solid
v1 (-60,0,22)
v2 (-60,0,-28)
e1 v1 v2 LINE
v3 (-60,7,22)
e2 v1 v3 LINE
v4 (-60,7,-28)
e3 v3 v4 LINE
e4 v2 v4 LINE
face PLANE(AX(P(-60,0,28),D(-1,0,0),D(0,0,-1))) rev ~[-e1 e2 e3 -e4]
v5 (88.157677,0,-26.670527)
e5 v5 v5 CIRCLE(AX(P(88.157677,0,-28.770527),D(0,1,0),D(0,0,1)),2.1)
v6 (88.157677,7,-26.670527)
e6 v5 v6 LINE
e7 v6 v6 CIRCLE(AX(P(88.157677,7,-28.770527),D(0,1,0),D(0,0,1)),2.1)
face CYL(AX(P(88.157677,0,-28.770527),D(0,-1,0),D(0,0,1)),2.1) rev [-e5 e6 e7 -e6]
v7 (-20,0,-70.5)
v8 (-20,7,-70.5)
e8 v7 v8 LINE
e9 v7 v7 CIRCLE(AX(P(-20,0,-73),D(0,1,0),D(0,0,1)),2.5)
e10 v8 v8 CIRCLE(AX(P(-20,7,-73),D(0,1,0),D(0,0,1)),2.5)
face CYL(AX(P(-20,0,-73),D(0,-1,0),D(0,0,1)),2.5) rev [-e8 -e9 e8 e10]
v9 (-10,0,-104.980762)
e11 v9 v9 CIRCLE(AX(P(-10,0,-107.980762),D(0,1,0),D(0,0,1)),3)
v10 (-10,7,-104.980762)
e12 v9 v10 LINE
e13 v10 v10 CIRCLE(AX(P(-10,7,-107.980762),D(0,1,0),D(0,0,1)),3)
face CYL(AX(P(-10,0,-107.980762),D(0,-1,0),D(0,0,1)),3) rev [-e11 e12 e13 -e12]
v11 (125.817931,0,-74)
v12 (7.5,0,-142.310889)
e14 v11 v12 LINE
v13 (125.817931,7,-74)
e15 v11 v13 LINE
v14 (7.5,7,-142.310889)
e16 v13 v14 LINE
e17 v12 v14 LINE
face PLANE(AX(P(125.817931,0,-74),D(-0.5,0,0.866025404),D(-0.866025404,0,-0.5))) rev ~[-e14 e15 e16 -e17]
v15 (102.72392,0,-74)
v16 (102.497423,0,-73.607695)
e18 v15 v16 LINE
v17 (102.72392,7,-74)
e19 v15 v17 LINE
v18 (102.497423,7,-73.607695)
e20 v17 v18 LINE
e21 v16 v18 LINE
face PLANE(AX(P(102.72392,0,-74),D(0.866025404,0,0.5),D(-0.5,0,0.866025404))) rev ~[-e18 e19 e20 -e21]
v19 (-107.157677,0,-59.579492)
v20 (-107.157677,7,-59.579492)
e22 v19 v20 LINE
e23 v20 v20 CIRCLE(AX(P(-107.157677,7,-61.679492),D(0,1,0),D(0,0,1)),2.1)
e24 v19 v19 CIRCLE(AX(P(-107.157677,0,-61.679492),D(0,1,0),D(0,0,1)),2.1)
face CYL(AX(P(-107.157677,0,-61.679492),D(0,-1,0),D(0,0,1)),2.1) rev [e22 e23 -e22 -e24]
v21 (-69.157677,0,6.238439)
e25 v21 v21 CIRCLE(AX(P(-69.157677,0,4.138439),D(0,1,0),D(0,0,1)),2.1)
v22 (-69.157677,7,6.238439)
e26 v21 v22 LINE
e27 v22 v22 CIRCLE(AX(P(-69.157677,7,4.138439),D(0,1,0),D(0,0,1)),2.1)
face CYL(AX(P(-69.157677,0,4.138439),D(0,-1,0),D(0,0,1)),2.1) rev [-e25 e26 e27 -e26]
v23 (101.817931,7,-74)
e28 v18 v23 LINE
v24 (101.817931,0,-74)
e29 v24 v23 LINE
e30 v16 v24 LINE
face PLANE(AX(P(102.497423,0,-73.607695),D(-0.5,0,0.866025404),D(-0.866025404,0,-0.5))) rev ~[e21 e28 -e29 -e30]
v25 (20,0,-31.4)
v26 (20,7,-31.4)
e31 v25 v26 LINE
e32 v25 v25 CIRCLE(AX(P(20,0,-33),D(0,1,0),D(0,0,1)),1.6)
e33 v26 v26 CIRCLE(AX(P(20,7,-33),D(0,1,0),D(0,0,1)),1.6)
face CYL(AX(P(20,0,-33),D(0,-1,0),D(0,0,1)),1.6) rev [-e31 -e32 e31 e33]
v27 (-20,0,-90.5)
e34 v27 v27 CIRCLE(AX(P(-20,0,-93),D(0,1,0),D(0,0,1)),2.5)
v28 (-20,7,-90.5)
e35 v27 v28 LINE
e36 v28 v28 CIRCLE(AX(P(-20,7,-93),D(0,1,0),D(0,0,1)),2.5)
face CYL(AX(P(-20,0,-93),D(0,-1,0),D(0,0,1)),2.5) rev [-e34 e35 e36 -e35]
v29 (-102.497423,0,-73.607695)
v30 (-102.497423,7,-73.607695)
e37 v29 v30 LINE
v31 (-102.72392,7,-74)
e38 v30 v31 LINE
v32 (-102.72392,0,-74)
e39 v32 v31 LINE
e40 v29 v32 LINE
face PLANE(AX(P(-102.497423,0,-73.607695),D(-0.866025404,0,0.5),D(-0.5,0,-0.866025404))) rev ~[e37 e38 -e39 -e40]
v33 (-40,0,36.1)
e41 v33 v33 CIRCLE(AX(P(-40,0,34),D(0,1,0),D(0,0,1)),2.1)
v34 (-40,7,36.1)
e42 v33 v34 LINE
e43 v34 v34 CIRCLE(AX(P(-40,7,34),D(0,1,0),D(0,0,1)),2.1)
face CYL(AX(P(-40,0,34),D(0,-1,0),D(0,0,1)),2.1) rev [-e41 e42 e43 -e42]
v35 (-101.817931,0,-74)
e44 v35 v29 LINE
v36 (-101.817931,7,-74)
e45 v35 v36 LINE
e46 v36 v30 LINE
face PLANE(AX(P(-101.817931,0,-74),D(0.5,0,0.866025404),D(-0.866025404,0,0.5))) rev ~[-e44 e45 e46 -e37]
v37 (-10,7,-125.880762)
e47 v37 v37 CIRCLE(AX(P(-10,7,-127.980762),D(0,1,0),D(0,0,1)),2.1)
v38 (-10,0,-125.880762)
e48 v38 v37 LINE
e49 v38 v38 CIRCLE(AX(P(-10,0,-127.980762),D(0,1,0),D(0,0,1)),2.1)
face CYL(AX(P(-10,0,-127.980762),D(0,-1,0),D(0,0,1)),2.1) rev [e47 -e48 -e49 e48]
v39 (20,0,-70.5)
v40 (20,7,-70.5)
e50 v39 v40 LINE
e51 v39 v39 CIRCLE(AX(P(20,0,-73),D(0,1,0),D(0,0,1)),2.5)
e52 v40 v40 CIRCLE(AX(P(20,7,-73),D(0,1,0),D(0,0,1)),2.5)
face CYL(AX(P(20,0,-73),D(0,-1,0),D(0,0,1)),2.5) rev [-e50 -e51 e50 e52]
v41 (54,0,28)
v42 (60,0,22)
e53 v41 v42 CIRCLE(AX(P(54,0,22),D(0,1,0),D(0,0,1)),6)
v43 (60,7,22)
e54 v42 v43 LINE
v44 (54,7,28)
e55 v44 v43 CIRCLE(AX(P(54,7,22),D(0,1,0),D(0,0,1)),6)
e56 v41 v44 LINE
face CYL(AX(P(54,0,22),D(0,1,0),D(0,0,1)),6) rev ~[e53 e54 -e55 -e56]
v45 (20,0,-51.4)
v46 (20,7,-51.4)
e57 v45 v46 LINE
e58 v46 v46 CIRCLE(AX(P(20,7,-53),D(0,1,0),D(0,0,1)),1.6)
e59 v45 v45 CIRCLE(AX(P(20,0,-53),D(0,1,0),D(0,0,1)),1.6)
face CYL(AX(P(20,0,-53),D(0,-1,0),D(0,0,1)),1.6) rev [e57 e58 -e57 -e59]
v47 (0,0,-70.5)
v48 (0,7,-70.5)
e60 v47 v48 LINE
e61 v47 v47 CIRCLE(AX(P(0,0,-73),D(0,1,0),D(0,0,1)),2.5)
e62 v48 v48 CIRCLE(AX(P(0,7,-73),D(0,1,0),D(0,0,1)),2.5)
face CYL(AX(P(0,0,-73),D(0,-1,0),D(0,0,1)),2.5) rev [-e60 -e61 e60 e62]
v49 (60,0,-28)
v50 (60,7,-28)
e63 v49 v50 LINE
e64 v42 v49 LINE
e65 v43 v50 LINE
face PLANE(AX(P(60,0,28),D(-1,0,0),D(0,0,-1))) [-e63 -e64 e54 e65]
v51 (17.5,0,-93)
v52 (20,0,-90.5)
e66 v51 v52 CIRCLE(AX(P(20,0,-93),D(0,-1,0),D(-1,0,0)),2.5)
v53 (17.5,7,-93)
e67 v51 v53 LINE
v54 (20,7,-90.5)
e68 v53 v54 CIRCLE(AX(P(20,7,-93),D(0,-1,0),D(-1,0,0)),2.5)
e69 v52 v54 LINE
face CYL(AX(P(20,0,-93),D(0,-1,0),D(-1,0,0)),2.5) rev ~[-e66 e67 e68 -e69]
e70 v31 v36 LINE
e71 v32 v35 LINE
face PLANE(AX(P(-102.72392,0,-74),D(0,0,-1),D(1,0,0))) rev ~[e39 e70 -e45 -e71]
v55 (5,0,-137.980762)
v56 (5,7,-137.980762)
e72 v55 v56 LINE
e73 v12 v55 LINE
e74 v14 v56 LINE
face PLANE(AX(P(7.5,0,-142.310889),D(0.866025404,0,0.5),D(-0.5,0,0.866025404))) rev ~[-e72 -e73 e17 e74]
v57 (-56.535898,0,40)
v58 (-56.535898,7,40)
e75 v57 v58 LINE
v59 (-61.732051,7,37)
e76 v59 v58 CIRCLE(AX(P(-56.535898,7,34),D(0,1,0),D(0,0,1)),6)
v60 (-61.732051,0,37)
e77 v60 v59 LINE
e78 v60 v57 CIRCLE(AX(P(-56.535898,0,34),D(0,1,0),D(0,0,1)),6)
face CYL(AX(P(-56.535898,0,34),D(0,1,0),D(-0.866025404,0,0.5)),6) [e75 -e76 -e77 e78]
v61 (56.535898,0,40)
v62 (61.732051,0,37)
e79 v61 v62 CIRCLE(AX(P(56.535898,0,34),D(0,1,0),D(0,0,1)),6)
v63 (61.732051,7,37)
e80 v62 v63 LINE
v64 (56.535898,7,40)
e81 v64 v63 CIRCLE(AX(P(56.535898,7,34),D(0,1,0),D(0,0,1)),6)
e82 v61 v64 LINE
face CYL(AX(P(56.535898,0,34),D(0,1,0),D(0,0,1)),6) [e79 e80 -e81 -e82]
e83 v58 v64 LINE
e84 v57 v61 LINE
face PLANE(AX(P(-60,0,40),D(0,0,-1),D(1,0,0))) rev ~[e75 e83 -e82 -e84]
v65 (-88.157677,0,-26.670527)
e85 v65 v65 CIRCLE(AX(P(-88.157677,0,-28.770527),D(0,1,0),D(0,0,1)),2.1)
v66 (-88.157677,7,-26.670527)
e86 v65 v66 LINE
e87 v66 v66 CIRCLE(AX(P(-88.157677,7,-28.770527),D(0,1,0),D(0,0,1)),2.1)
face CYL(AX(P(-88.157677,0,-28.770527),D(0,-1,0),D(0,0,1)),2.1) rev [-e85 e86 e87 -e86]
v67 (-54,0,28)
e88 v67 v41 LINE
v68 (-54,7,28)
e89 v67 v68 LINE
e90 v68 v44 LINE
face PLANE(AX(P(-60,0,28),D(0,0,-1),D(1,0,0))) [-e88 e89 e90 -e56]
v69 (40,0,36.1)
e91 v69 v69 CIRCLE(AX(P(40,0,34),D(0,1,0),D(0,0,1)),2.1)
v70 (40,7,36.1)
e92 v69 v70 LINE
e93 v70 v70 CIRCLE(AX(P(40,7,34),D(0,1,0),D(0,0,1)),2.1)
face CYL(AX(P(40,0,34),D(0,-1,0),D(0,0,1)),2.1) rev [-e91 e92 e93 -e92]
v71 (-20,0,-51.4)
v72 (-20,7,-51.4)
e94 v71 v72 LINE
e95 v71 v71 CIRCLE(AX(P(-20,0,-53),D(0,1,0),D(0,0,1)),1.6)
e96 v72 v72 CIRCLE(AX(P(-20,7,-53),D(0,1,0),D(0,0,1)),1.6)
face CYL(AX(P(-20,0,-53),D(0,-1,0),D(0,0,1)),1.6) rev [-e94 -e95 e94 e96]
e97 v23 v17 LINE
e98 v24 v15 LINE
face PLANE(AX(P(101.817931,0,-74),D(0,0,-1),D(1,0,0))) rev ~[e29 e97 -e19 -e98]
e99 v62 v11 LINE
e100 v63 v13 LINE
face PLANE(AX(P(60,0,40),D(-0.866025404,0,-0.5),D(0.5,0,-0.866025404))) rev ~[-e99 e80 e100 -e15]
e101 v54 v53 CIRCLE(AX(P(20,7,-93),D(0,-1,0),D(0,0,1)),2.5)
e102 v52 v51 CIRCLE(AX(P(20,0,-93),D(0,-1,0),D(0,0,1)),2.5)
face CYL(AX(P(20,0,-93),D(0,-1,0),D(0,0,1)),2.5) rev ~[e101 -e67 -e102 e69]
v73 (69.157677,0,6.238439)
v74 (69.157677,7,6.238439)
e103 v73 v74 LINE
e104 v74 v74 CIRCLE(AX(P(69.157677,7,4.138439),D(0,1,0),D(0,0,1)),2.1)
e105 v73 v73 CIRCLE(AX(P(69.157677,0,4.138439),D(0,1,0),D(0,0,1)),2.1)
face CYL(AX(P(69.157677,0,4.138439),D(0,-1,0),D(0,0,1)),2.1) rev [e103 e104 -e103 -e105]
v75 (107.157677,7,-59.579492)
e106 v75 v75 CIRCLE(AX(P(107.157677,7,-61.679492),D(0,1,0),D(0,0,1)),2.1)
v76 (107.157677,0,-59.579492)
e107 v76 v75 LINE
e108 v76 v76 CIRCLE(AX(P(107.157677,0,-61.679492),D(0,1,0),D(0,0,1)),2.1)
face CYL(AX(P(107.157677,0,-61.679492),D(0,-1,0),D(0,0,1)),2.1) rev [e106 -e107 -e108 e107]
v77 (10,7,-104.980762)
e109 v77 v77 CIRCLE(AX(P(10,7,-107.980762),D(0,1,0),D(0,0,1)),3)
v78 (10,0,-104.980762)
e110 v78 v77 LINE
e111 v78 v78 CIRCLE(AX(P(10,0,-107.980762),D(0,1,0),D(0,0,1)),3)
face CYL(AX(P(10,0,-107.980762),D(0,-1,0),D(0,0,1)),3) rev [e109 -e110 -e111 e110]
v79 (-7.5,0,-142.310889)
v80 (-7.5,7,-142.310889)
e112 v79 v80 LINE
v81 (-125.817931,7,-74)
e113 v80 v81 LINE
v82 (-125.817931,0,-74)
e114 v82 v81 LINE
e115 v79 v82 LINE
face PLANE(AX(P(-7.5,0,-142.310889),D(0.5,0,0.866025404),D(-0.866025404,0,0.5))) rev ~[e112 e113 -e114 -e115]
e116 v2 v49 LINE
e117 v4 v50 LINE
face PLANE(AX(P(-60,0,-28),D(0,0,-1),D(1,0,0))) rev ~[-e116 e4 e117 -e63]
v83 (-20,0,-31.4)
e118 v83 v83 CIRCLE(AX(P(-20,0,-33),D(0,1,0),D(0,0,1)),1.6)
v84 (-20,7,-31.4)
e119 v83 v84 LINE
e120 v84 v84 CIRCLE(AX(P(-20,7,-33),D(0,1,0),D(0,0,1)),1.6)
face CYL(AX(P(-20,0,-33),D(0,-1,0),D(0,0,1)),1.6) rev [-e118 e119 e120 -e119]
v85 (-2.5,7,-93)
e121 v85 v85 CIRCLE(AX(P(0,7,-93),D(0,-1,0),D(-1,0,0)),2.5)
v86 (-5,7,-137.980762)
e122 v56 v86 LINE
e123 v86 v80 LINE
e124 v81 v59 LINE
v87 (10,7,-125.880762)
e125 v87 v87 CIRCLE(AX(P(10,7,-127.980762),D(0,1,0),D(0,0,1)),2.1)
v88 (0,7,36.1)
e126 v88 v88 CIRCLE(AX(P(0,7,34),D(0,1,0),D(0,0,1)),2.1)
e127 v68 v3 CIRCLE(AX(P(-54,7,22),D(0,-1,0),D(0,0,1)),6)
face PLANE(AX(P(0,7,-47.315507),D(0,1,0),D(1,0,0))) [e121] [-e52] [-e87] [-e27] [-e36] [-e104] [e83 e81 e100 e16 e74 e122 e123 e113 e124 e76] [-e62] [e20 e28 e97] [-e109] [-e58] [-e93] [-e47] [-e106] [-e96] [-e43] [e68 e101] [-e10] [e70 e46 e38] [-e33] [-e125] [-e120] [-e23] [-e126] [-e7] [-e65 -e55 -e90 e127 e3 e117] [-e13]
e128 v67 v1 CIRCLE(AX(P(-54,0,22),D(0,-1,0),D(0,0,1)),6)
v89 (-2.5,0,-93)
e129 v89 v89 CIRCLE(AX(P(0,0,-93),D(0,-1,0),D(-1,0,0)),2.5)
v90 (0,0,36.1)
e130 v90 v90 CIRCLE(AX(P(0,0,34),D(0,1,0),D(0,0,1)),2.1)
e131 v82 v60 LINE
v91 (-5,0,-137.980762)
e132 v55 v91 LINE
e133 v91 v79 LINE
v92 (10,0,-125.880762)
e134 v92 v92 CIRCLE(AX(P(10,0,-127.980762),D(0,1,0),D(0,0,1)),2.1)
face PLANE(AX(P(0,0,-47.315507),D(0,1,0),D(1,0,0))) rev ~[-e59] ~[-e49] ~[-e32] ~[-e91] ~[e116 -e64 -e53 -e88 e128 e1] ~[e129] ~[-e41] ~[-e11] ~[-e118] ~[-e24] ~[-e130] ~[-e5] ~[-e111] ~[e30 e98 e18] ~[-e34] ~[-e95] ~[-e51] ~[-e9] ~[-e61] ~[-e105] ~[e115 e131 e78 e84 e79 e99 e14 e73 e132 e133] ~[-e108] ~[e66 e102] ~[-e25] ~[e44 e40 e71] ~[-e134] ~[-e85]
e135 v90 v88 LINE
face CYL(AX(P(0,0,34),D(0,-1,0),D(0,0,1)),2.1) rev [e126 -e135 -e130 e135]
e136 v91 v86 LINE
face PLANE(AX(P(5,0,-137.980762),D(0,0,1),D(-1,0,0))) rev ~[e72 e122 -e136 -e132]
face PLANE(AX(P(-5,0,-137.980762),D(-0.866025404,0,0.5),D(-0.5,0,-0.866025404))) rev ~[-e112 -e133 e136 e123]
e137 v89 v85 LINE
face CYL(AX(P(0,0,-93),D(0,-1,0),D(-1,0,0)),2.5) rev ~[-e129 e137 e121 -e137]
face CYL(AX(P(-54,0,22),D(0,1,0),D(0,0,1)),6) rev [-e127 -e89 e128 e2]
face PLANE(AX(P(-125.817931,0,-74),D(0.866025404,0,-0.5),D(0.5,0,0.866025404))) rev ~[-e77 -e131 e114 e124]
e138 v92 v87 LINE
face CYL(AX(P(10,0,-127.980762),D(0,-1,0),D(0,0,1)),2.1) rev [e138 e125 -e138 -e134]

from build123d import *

# Parameters (mm, degrees)
SKETCH1_R           = 2.5
SKETCH1_R_2         = 2.1
SKETCH1_R_3         = 1.6
SKETCH1_W           = 120
SKETCH1_H           = 56
SKETCH1_R_4         = 3
BOSS_EXTRUDE1_DEPTH = 7
FILLET1_R           = 6


with BuildPart() as part:
    # Sketch1 → Boss-Extrude1 (new body)
    with BuildSketch(Plane(origin=(0, 0, 0), x_dir=(1, 0, 0), z_dir=(0, 1, 0))):
        Polygon((-125.817930688, 74), (-60, -40), (60, -40), (125.817930688, 74), (7.5, 142.310889132), (5, 137.980762114), (-5, 137.980762114), (-7.5, 142.310889132), align=None)
        Polygon((-102.497422612, 73.607695155), (-102.72391992, 74), (-101.817930688, 74), align=None, mode=Mode.SUBTRACT)
        with Locations((-20, 73)):
            Circle(SKETCH1_R, mode=Mode.SUBTRACT)
        with Locations((0, 73)):
            Circle(SKETCH1_R, mode=Mode.SUBTRACT)
        with Locations((20, 73)):
            Circle(SKETCH1_R, mode=Mode.SUBTRACT)
        Polygon((102.72391992, 74), (102.497422612, 73.607695155), (101.817930688, 74), align=None, mode=Mode.SUBTRACT)
        with Locations((-69.15767665, -4.138438763)):
            Circle(SKETCH1_R_2, mode=Mode.SUBTRACT)
        with Locations((-40, -34)):
            Circle(SKETCH1_R_2, mode=Mode.SUBTRACT)
        with Locations((-88.15767665, 28.770526581)):
            Circle(SKETCH1_R_2, mode=Mode.SUBTRACT)
        with Locations((-107.15767665, 61.679491924)):
            Circle(SKETCH1_R_2, mode=Mode.SUBTRACT)
        with Locations((-20, 33)):
            Circle(SKETCH1_R_3, mode=Mode.SUBTRACT)
        with Locations((-20, 53)):
            Circle(SKETCH1_R_3, mode=Mode.SUBTRACT)
        with Locations((0, -34)):
            Circle(SKETCH1_R_2, mode=Mode.SUBTRACT)
        with Locations((40, -34)):
            Circle(SKETCH1_R_2, mode=Mode.SUBTRACT)
        Rectangle(SKETCH1_W, SKETCH1_H, mode=Mode.SUBTRACT)
        with Locations((69.15767665, -4.138438763)):
            Circle(SKETCH1_R_2, mode=Mode.SUBTRACT)
        with Locations((20, 33)):
            Circle(SKETCH1_R_3, mode=Mode.SUBTRACT)
        with Locations((20, 53)):
            Circle(SKETCH1_R_3, mode=Mode.SUBTRACT)
        with Locations((88.15767665, 28.770526581)):
            Circle(SKETCH1_R_2, mode=Mode.SUBTRACT)
        with Locations((107.15767665, 61.679491924)):
            Circle(SKETCH1_R_2, mode=Mode.SUBTRACT)
        with Locations((-10, 107.980762114)):
            Circle(SKETCH1_R_4, mode=Mode.SUBTRACT)
        with Locations((10, 107.980762114)):
            Circle(SKETCH1_R_4, mode=Mode.SUBTRACT)
        with Locations((-20, 93)):
            Circle(SKETCH1_R, mode=Mode.SUBTRACT)
        with BuildLine():
            ThreePointArc((-2.5, 93), (0, 95.5), (2.5, 93))
            ThreePointArc((2.5, 93), (0, 90.5), (-2.5, 93))
        make_face(mode=Mode.SUBTRACT)
        with BuildLine():
            ThreePointArc((20, 90.5), (18.232233047, 91.232233047), (17.5, 93))
            ThreePointArc((17.5, 93), (21.767766953, 94.767766953), (20, 90.5))
        make_face(mode=Mode.SUBTRACT)
        with Locations((-10, 127.980762114)):
            Circle(SKETCH1_R_2, mode=Mode.SUBTRACT)
        with Locations((10, 127.980762114)):
            Circle(SKETCH1_R_2, mode=Mode.SUBTRACT)
    extrude(amount=BOSS_EXTRUDE1_DEPTH)

    # Fillet1
    fillet1_edges = [part.edges().sort_by_distance(p)[0] for p in [
        (-60, 3.5, 28),
        (60, 3.5, 28),
        (60, 3.5, 40),
        (-60, 3.5, 40),
    ]]
    fillet(fillet1_edges, radius=FILLET1_R)


solid = part.part
